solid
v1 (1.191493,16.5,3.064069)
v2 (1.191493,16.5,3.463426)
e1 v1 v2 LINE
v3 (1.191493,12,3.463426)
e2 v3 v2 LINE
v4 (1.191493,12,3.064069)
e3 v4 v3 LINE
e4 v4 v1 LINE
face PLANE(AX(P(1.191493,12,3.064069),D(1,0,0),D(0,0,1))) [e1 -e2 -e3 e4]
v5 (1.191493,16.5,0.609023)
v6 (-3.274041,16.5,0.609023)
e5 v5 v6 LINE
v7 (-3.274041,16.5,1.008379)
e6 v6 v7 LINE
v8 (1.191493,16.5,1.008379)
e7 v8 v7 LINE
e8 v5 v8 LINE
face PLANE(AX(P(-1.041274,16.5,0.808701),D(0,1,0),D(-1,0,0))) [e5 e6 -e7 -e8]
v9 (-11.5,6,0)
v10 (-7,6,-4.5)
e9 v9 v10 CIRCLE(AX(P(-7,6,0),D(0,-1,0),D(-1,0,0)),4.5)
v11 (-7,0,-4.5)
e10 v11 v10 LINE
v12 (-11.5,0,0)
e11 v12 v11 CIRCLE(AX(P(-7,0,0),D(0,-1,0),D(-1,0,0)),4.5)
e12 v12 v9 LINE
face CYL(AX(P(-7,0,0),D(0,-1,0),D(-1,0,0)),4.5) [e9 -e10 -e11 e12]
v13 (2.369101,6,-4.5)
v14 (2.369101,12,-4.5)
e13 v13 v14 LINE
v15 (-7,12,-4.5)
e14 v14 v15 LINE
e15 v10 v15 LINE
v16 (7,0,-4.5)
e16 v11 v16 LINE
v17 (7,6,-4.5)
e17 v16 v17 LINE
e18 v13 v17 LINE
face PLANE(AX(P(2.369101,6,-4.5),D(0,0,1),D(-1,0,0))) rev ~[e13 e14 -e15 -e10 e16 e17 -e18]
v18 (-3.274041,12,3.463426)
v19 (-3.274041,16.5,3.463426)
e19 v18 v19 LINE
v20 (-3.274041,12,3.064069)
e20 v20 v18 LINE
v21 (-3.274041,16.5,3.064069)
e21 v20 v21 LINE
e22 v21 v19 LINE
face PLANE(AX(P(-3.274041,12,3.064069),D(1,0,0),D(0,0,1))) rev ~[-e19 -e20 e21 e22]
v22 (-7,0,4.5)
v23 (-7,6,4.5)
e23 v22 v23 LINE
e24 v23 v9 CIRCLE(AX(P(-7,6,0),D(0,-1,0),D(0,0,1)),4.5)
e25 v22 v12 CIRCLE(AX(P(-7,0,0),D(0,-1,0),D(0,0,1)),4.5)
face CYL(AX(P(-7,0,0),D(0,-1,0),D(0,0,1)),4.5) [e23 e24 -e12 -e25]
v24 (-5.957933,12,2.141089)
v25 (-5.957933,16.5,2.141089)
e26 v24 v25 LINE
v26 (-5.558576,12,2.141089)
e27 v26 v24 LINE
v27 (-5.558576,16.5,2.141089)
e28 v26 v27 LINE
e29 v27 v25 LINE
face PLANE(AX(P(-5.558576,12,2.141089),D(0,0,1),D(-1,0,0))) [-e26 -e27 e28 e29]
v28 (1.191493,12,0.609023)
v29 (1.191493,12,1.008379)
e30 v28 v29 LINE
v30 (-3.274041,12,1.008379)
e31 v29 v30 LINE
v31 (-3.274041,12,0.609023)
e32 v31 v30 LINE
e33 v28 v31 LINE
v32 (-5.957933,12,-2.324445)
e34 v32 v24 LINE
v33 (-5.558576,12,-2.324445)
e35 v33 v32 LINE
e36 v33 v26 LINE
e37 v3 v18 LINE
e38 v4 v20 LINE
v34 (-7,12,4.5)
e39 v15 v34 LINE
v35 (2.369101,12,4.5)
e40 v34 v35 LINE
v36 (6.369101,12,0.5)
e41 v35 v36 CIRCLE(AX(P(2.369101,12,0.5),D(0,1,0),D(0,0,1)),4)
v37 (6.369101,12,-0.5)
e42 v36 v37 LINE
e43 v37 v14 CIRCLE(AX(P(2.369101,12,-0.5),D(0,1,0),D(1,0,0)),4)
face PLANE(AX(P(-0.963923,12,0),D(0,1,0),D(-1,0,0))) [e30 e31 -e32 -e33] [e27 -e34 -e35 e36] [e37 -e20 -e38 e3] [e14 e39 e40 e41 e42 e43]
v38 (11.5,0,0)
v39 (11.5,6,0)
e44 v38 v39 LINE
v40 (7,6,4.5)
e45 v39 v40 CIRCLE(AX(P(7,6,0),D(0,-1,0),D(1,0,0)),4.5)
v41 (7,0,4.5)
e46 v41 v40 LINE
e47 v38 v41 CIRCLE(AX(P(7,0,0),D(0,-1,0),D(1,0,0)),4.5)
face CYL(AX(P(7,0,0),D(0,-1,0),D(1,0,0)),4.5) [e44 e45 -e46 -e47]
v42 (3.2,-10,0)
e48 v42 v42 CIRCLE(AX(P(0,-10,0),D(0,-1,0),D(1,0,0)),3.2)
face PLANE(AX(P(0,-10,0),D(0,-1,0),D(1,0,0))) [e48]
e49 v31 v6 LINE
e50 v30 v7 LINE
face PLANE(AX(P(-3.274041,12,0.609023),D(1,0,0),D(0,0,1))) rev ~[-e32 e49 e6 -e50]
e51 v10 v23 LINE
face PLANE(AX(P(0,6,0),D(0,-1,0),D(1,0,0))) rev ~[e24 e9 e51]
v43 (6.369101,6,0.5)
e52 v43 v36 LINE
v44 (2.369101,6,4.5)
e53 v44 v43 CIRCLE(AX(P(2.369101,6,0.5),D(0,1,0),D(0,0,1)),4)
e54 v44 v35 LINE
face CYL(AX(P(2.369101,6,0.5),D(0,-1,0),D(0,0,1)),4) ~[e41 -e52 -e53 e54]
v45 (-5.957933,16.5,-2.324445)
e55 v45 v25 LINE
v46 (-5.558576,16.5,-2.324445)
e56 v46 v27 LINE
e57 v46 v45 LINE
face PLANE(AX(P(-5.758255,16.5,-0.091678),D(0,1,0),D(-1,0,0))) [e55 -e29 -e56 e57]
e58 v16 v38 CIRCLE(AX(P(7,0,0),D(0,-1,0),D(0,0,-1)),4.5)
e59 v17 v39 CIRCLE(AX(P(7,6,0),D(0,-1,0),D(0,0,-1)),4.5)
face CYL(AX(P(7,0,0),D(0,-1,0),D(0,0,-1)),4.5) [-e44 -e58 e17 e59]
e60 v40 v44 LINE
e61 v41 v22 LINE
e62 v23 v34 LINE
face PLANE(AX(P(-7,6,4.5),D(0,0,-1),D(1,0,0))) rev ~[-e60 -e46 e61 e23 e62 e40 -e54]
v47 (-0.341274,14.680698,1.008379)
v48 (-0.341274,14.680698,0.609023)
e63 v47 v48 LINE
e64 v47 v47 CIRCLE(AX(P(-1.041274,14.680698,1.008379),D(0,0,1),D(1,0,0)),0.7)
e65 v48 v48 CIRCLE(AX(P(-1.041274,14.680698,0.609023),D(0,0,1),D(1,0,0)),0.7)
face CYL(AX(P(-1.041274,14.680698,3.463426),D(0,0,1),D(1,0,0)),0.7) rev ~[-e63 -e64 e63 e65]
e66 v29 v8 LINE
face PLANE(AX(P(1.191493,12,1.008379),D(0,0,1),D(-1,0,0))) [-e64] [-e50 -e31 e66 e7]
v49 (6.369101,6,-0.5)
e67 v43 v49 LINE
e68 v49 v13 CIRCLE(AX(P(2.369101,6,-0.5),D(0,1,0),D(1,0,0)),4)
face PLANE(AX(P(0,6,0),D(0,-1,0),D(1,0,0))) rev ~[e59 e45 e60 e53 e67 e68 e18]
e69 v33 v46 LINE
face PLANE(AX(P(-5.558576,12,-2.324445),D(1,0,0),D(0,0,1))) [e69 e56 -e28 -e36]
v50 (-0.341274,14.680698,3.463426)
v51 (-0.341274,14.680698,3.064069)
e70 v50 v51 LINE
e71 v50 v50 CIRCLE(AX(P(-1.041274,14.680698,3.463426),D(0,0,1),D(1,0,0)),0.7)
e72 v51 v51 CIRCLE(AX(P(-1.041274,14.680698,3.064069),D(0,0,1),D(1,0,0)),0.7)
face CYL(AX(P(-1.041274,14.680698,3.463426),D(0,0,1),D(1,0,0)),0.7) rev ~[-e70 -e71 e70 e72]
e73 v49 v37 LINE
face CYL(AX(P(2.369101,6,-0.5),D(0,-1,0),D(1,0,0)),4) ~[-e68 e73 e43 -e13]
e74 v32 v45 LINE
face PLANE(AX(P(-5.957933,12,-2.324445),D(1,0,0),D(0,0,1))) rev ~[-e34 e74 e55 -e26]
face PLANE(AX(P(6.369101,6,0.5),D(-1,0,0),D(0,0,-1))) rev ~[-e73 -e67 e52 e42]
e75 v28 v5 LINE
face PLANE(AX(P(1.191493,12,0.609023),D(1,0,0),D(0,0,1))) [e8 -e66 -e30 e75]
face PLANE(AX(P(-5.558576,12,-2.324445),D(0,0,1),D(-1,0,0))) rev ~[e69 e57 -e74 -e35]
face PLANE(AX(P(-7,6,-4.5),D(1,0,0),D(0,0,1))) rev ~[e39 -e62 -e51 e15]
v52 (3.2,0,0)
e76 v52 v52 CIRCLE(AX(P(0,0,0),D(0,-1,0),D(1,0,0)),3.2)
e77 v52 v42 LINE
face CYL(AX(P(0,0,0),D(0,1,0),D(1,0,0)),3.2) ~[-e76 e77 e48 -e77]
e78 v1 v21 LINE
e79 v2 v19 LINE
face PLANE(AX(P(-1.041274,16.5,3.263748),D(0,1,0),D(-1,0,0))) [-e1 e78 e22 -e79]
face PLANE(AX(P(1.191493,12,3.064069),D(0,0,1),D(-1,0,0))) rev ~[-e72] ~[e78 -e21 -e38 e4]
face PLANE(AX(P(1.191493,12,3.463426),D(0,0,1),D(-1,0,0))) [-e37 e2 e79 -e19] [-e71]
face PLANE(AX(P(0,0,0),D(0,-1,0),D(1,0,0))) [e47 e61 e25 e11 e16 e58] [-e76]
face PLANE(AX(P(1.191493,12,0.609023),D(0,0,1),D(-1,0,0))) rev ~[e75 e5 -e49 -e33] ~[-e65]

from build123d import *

# Parameters (mm, degrees)
F0_R     = 0.8
F0_R_2   = 3.2
F0_R_3   = 1
F1_DEPTH = 6
F3_DEPTH = 6
F4_W     = 4.4655336533
F4_H     = 0.3993565915
F4_W_2   = 0.3993565915
F4_H_2   = 4.4655336533
F5_DEPTH = 4.5
F6_R     = 0.7
F7_DEPTH = 5
F8_DEPTH = 10


with BuildPart() as f1:
    # F0 (on Front) → F1 (new body)
    with BuildSketch(Plane.XZ):
        with BuildLine():
            Line((-7, -4.5), (7, -4.5))
            ThreePointArc((7, -4.5), (10.1819805153, -3.1819805153), (11.5, 0))
            ThreePointArc((11.5, 0), (10.1819805153, 3.1819805153), (7, 4.5))
            Line((7, 4.5), (-7, 4.5))
            ThreePointArc((-7, 4.5), (-10.1819805153, 3.1819805153), (-11.5, 0))
            ThreePointArc((-11.5, 0), (-10.1819805153, -3.1819805153), (-7, -4.5))
        make_face()
        with Locations((-9, 0)):
            Circle(F0_R, mode=Mode.SUBTRACT)
        Circle(F0_R_2, mode=Mode.SUBTRACT)
        with Locations((9, 0)):
            Circle(F0_R, mode=Mode.SUBTRACT)
        Circle(F0_R_2)
        Circle(F0_R_3, mode=Mode.SUBTRACT)
        Circle(F0_R_3)
        with Locations((9, 0)):
            Circle(F0_R)
        with Locations((-9, 0)):
            Circle(F0_R)
    extrude(amount=-F1_DEPTH)

    # F2 (on face) → F3 (join)
    with BuildSketch(Plane(origin=(0, 6, 0), x_dir=(-1, 0, 0), z_dir=(0, 1, 0))):
        with BuildLine():
            Line((7, 4.5), (-2.3691008836, 4.5))
            ThreePointArc((-2.3691008836, 4.5), (-5.1975280083, 3.3284271247), (-6.3691008836, 0.5))
            Line((-6.3691008836, 0.5), (-6.3691008836, -0.5))
            ThreePointArc((-6.3691008836, -0.5), (-5.1975280083, -3.3284271247), (-2.3691008836, -4.5))
            Line((-2.3691008836, -4.5), (7, -4.5))
            Line((7, -4.5), (7, 4.5))
        make_face()
    extrude(amount=F3_DEPTH)

    # F4 (on face) → F5 (join)
    with BuildSketch(Plane(origin=(0, 12, 0), x_dir=(-1, 0, 0), z_dir=(0, 1, 0))):
        with Locations((1.0412741685, 3.2637477852)):
            Rectangle(F4_W, F4_H)
        with Locations((1.0412741685, 0.8087011712)):
            Rectangle(F4_W, F4_H)
        with Locations((5.7582546142, -0.0916777644)):
            Rectangle(F4_W_2, F4_H_2)
    extrude(amount=F5_DEPTH)

    # F6 (on face) → F7 (cut)
    with BuildSketch(Plane.XY.offset(3.463426081)):
        with Locations((-1.0412741685, 14.6806975827)):
            Circle(F6_R)
    extrude(amount=-F7_DEPTH, mode=Mode.SUBTRACT)

    # F0 (on Front) → F8 (join)
    with BuildSketch(Plane.XZ):
        Circle(F0_R_2)
        Circle(F0_R_3, mode=Mode.SUBTRACT)
        Circle(F0_R_3)
    extrude(amount=F8_DEPTH)


solid = f1.part
